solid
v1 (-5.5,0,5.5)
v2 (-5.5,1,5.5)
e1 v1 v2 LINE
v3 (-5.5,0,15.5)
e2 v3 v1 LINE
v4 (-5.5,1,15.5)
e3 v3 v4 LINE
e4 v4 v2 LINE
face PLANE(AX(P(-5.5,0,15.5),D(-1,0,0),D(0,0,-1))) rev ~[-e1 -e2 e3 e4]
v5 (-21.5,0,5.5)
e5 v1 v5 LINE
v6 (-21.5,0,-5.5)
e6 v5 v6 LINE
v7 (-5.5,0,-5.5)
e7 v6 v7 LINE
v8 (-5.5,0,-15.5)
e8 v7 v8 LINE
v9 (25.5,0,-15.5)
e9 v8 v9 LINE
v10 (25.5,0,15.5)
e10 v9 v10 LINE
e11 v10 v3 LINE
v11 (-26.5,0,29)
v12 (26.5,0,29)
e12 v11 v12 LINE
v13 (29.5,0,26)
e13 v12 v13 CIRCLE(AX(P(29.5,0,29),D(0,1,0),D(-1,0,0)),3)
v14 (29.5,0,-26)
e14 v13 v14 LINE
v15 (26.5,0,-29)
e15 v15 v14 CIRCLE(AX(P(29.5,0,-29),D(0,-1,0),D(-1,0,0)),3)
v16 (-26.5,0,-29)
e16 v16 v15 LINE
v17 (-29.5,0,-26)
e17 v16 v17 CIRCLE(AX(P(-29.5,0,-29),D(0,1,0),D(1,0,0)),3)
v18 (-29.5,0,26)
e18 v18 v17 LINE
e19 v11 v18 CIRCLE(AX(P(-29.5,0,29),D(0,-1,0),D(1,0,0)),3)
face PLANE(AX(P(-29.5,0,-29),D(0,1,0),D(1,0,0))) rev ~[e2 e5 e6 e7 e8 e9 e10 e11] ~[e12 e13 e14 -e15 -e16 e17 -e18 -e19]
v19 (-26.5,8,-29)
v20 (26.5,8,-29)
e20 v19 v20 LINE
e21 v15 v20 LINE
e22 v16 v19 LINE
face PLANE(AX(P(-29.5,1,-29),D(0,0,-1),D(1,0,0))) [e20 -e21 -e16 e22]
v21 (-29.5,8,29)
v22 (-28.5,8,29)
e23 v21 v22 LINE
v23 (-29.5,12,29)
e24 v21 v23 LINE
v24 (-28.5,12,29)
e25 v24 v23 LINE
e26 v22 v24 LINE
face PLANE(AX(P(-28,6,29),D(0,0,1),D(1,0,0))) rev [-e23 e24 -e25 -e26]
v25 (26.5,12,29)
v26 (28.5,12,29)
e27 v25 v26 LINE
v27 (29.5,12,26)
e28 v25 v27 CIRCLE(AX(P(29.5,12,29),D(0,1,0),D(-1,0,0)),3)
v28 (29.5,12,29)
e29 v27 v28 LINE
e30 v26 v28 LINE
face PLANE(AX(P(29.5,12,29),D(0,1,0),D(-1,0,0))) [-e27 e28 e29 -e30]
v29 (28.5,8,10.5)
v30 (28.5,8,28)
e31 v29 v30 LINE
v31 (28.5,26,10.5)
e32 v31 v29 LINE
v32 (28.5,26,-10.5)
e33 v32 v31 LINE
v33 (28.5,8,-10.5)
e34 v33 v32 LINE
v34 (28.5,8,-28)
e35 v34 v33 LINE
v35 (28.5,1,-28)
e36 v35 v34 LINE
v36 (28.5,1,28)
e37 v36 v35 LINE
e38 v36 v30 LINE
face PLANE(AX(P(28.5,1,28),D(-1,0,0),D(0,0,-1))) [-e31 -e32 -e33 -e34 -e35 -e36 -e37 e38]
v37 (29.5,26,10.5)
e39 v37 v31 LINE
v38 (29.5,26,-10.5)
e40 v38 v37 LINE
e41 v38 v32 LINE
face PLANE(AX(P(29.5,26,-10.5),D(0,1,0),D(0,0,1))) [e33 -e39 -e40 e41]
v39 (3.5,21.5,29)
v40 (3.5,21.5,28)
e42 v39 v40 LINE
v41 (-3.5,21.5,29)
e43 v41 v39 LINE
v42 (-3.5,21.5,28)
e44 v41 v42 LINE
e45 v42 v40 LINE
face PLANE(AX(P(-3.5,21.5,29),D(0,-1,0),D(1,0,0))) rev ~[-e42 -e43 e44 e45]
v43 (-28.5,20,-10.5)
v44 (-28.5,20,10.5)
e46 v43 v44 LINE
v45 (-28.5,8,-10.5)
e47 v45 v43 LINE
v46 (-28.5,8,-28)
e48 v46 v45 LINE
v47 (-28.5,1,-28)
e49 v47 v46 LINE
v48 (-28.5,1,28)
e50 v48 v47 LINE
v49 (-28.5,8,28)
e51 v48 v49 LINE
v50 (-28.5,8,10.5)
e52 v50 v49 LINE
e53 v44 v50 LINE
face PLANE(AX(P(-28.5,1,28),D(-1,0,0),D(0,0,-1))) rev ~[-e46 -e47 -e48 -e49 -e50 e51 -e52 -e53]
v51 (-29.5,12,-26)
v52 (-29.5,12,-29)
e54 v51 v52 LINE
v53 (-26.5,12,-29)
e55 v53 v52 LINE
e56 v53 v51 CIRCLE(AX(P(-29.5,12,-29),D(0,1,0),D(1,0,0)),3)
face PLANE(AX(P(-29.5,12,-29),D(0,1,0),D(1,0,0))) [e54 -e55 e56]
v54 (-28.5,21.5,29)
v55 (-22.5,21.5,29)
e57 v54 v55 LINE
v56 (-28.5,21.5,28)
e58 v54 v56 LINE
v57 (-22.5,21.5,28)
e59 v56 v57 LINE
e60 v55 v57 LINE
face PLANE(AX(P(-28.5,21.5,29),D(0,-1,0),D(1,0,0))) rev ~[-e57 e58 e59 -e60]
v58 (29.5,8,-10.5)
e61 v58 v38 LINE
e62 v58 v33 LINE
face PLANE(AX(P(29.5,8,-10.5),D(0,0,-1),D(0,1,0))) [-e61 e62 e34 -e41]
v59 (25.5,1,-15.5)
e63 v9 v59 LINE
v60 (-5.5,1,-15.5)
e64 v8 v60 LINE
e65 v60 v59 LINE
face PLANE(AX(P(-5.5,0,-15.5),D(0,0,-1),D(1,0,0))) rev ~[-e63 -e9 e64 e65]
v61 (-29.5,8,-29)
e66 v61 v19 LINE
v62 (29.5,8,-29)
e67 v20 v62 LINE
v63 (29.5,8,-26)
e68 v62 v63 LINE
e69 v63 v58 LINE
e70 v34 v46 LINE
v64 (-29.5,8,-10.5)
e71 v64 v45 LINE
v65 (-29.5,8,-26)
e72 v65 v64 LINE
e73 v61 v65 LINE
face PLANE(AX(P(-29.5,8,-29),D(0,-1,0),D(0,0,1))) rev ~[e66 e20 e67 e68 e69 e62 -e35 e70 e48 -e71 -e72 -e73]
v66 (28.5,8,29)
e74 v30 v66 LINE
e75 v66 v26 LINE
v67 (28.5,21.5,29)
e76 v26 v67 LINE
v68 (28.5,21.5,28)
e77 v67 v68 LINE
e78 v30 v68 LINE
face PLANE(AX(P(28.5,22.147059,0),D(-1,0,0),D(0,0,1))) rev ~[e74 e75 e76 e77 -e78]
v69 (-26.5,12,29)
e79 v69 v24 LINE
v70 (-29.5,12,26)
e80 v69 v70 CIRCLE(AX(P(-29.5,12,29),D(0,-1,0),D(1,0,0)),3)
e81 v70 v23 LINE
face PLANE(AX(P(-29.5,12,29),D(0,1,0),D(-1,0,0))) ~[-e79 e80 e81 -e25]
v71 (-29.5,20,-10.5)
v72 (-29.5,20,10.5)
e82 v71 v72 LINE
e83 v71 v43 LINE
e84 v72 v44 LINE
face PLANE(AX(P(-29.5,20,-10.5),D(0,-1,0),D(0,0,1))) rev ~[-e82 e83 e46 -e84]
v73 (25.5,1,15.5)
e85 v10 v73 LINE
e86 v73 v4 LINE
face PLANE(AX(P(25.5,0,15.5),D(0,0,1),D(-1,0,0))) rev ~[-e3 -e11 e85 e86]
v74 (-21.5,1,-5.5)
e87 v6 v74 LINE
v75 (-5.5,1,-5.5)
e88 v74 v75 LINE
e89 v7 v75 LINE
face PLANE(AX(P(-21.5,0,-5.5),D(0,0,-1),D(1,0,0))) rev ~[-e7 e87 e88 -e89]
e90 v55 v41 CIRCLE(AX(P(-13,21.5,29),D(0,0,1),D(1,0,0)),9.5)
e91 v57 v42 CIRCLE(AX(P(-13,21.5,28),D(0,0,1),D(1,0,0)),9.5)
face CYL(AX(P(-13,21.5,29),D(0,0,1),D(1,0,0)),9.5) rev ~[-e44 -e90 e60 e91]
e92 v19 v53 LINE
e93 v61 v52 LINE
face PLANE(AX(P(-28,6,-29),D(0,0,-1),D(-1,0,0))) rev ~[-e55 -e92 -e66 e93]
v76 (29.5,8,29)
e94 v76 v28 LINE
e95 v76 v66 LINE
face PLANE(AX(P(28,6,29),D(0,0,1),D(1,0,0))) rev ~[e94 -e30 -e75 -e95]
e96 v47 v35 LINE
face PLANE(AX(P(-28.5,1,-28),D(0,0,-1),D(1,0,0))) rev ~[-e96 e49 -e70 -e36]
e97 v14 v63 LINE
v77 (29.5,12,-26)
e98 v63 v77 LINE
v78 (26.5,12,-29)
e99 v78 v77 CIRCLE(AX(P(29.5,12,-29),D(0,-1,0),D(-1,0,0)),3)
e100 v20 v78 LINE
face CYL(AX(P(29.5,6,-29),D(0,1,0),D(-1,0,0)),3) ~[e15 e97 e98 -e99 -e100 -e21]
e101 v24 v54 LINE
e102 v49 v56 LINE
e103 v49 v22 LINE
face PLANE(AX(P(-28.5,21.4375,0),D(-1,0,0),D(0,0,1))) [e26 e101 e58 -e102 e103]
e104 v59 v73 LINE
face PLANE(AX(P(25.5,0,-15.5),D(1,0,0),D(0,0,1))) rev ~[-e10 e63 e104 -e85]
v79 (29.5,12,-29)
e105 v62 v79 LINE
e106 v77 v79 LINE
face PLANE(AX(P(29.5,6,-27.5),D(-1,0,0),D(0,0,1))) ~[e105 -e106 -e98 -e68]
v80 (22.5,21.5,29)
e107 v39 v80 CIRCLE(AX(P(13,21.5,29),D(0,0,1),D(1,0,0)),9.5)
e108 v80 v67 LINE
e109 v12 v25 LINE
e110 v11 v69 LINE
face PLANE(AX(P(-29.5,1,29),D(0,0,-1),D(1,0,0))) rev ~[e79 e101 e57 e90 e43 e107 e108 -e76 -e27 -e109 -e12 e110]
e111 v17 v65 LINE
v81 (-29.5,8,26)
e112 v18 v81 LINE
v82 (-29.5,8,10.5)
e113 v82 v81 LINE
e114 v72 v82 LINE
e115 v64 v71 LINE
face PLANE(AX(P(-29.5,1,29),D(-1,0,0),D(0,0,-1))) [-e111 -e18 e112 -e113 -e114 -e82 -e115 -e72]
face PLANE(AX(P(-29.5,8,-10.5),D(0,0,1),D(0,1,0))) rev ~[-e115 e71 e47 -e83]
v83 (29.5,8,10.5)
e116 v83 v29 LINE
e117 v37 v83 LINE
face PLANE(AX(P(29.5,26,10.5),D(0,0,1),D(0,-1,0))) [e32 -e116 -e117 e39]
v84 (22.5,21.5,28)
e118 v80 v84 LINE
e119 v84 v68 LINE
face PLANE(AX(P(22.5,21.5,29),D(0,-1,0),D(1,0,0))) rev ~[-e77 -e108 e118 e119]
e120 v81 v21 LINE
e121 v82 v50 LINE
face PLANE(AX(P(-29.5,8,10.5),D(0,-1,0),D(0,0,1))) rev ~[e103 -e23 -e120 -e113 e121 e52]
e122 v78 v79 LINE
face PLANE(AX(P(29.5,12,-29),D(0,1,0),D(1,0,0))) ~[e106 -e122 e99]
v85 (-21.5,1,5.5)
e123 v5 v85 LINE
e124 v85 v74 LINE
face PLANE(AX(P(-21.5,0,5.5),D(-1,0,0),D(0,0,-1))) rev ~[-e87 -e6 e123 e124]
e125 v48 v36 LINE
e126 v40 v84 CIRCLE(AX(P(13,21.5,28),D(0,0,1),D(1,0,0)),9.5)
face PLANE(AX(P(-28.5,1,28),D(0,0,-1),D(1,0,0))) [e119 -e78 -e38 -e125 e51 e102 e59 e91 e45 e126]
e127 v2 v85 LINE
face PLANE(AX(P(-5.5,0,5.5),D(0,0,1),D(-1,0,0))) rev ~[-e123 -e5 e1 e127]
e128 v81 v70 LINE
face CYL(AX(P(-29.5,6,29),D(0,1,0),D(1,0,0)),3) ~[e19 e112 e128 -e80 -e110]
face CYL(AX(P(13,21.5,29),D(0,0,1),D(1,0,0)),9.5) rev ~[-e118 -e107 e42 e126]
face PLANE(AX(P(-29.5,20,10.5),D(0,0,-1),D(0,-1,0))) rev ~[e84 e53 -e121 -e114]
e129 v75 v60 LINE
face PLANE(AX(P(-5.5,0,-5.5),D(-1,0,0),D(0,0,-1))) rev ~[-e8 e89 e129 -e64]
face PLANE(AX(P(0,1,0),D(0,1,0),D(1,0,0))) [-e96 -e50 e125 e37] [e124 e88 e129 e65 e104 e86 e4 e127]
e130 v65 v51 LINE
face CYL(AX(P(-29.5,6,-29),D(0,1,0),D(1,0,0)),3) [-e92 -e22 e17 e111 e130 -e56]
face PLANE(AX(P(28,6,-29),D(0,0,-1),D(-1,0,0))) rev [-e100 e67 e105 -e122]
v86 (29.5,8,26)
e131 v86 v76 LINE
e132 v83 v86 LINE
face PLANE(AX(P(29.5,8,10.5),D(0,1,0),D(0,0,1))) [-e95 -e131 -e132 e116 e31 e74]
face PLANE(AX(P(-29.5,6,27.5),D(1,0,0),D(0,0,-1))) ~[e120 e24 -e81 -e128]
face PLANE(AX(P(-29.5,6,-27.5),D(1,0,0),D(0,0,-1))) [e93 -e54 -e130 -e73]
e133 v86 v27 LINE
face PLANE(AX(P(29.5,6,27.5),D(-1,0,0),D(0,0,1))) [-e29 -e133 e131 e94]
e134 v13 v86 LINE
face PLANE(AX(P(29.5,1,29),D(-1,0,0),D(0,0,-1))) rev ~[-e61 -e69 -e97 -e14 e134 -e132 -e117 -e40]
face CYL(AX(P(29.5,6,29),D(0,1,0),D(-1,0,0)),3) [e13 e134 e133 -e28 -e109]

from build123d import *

# Parameters (mm, degrees)
SKETCH1_W               = 59
SKETCH1_H               = 58
BOSS_EXTRUDE1_DEPTH     = 1
SKETCH2_W               = 59
SKETCH2_H               = 58
SKETCH2_W_2             = 57
SKETCH2_H_2             = 56
BOSS_EXTRUDE2_DEPTH     = 33
CUT_EXTRUDE1_DEPTH      = 1
CUT_EXTRUDE2_DEPTH      = 1
CUT_EXTRUDE3_DEPTH      = 1
SKETCH8_R               = 9.5
CUT_EXTRUDE4_DEPTH      = 1
SKETCH9_W               = 57
SKETCH9_H               = 26
CUT_EXTRUDE5_DEPTH      = 1
SKETCH11_W              = 3
SKETCH11_H              = 12
REVOLVE2_ANGLE          = 270
MIRROR2_COPY_1_SKETCH_W = 3
MIRROR2_COPY_1_SKETCH_H = 12
MIRROR2_COPY_1_ANGLE    = 270


with BuildPart() as part:
    # Sketch1 → Boss-Extrude1 (new body)
    with BuildSketch(Plane(origin=(0, 0, 0), x_dir=(1, 0, 0), z_dir=(0, 1, 0))):
        Rectangle(SKETCH1_W, SKETCH1_H)
    extrude(amount=BOSS_EXTRUDE1_DEPTH)

    # Sketch2 → Boss-Extrude2 (add)
    with BuildSketch(Plane(origin=(0, 1, 0), x_dir=(1, 0, 0), z_dir=(0, 1, 0))):
        Rectangle(SKETCH2_W, SKETCH2_H)
        Rectangle(SKETCH2_W_2, SKETCH2_H_2, mode=Mode.SUBTRACT)
    extrude(amount=BOSS_EXTRUDE2_DEPTH)

    # Sketch3 → Cut-Extrude1 (cut)
    with BuildSketch(Plane.ZY.offset(29.5)):
        Polygon((10.5, 8), (29, 8), (29, 34), (-29, 34), (-29, 8), (-10.5, 8), (-10.5, 20), (10.5, 20), align=None)
    extrude(amount=-CUT_EXTRUDE1_DEPTH, mode=Mode.SUBTRACT)

    # Sketch5 → Cut-Extrude2 (cut)
    with BuildSketch(Plane.XZ):
        Polygon((-21.5, 5.5), (-21.5, -5.5), (-5.5, -5.5), (-5.5, -15.5), (25.5, -15.5), (25.5, 15.5), (-5.5, 15.5), (-5.5, 5.5), align=None)
    extrude(amount=-CUT_EXTRUDE2_DEPTH, mode=Mode.SUBTRACT)

    # Sketch7 → Cut-Extrude3 (cut)
    with BuildSketch(Plane(origin=(29.5, 0, 0), x_dir=(0, 0, -1), z_dir=(1, 0, 0))):
        Polygon((29, 8), (10.5, 8), (10.5, 26), (-10.5, 26), (-10.5, 8), (-29, 8), (-29, 34), (29, 34), align=None)
    extrude(amount=-CUT_EXTRUDE3_DEPTH, mode=Mode.SUBTRACT)

    # Sketch8 → Cut-Extrude4 (cut)
    with BuildSketch(Plane.XY.offset(29)):
        with BuildLine():
            Line((22.5, 21.5), (28.5, 21.5))
            Line((28.5, 21.5), (28.5, 34))
            Line((28.5, 34), (-28.5, 34))
            Line((-28.5, 34), (-28.5, 21.5))
            Line((-28.5, 21.5), (-22.5, 21.5))
            ThreePointArc((-22.5, 21.5), (-13, 31), (-3.5, 21.5))
            Line((-3.5, 21.5), (3.5, 21.5))
            ThreePointArc((3.5, 21.5), (13, 31), (22.5, 21.5))
        make_face()
        with Locations((-13, 21.5)):
            Circle(SKETCH8_R)
        with Locations((13, 21.5)):
            Circle(SKETCH8_R)
    extrude(amount=-CUT_EXTRUDE4_DEPTH, mode=Mode.SUBTRACT)

    # Sketch9 → Cut-Extrude5 (cut)
    with BuildSketch(Plane(origin=(0, 0, -29), x_dir=(-1, 0, 0), z_dir=(0, 0, -1))):
        with Locations((0, 21)):
            Rectangle(SKETCH9_W, SKETCH9_H)
    extrude(amount=-CUT_EXTRUDE5_DEPTH, mode=Mode.SUBTRACT)

    # Sketch11 → Revolve2 (revolve)
    with BuildSketch(Plane.XY.offset(29)):
        with Locations((28, 6)):
            Rectangle(SKETCH11_W, SKETCH11_H)
    revolve2 = revolve(axis=Axis((29.5, 0, 29), (0, 1, 0)), revolution_arc=REVOLVE2_ANGLE)

    # Mirror1: Revolve2 across plane
    add(revolve2.mirror(Plane.XY))

    # Mirror2: Revolve2 across plane
    add(revolve2.mirror(Plane(origin=(0, 0, 0), x_dir=(0, 0, 1), z_dir=(1, 0, 0))))

    # Mirror2 copy 1 sketch → Mirror2 copy 1 (revolve)
    with BuildSketch(Plane(origin=(0, 0, -29), x_dir=(-1, 0, 0), z_dir=(0, 0, -1))):
        with Locations((28, 6)):
            Rectangle(MIRROR2_COPY_1_SKETCH_W, MIRROR2_COPY_1_SKETCH_H)
    revolve(axis=Axis((-29.5, 0, -29), (0, 1, 0)), revolution_arc=MIRROR2_COPY_1_ANGLE)


solid = part.part
